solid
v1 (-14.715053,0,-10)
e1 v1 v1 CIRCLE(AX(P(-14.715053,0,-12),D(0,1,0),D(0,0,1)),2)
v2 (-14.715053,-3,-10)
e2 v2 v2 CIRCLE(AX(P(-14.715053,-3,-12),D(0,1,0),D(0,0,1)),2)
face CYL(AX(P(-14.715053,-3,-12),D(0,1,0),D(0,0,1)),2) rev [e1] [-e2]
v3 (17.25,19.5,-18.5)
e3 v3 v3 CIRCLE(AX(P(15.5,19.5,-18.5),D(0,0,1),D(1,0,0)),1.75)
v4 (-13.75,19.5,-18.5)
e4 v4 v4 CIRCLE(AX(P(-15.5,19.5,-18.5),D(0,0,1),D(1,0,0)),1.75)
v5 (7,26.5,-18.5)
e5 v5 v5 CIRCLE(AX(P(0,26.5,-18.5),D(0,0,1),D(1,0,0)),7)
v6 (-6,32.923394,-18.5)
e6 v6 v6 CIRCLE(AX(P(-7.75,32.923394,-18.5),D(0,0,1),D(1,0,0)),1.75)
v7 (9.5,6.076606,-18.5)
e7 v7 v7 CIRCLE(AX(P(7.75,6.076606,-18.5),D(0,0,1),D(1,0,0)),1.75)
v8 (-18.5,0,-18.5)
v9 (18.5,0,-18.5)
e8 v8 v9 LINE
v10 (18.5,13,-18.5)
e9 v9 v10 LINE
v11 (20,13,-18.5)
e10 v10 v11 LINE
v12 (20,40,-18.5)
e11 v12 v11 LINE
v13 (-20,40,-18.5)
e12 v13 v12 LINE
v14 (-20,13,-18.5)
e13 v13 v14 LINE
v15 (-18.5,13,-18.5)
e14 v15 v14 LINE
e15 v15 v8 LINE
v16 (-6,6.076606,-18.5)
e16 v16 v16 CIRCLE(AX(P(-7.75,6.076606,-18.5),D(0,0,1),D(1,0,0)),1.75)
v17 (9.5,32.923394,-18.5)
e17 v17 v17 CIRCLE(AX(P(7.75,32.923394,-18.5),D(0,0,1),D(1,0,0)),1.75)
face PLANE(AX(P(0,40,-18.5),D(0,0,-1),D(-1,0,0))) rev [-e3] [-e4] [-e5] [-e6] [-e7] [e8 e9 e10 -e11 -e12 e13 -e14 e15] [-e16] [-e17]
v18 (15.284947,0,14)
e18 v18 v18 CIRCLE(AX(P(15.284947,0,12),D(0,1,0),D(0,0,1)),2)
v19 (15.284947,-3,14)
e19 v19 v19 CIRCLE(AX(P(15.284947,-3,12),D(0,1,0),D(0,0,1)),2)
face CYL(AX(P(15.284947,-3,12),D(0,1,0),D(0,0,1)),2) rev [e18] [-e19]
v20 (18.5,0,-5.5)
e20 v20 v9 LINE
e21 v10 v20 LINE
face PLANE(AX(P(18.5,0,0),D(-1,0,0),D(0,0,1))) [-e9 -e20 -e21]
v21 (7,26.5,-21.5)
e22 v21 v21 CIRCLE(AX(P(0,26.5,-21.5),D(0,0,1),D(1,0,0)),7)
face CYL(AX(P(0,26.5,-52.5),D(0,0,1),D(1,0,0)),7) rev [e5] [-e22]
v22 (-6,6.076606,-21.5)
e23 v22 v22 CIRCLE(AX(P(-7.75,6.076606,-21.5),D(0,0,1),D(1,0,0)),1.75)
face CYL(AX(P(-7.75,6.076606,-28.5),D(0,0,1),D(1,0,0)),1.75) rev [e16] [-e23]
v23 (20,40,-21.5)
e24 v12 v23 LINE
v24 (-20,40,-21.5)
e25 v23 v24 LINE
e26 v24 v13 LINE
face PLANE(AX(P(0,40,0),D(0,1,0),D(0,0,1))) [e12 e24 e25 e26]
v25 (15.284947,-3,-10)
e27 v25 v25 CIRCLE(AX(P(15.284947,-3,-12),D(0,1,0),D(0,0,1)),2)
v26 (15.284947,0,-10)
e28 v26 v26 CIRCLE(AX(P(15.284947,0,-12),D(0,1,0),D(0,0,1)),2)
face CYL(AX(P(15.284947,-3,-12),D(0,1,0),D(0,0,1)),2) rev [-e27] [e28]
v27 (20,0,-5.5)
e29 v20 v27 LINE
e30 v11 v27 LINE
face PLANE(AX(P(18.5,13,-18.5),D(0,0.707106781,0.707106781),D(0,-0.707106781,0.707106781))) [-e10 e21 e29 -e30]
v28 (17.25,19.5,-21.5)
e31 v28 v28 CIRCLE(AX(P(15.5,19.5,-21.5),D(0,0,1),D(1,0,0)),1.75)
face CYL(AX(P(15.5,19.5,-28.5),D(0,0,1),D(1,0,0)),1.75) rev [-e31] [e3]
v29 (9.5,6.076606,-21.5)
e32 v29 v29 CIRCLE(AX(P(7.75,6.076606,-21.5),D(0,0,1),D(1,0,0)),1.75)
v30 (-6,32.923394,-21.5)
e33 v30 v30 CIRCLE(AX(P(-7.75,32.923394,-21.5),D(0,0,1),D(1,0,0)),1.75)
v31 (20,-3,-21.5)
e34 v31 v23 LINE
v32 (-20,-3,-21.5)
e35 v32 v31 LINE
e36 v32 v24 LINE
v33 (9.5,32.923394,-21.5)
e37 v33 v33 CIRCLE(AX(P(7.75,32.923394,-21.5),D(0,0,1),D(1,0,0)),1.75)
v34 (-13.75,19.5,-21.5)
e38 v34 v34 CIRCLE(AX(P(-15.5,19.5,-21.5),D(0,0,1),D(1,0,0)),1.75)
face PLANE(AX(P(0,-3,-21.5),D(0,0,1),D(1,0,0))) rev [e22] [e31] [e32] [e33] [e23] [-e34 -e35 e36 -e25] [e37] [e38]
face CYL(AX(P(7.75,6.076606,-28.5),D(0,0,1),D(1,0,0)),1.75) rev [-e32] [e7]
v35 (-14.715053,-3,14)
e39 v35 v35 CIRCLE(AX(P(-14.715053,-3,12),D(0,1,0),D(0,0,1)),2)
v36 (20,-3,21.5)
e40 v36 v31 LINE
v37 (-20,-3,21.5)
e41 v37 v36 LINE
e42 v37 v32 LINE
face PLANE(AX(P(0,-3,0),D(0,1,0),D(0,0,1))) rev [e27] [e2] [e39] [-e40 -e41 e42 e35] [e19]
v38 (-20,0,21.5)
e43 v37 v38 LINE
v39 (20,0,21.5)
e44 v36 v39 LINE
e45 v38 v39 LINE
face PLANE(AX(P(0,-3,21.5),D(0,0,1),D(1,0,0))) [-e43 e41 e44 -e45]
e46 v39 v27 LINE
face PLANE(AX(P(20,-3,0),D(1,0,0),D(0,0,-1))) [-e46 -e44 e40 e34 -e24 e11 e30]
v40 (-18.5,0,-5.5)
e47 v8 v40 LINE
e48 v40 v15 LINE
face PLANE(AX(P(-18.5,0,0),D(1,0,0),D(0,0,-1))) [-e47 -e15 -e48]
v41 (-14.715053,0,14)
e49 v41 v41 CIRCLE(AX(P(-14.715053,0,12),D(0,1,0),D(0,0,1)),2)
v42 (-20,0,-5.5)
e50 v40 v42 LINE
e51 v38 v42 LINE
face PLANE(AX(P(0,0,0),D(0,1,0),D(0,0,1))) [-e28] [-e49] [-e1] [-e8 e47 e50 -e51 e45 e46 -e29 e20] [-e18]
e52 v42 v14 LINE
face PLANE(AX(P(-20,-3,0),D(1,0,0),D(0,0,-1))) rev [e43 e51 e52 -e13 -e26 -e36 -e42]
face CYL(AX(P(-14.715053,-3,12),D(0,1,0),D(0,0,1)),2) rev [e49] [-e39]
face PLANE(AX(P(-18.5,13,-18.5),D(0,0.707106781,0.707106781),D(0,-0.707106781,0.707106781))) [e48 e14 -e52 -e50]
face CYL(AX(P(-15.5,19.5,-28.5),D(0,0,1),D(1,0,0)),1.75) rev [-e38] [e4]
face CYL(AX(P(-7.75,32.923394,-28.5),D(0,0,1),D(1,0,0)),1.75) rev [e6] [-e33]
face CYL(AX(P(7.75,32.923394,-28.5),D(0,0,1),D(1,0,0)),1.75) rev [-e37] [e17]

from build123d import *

# Parameters (mm, degrees)
SKETCH1_W           = 40
SKETCH1_H           = 43
SKETCH1_R           = 2
BOSS_EXTRUDE1_DEPTH = 3
SKETCH4_W           = 40
SKETCH4_H           = 3
BOSS_EXTRUDE2_DEPTH = 40
SKETCH5_R           = 7
CUT_EXTRUDE5_DEPTH  = 34
SKETCH8_R           = 1.75
CUT_EXTRUDE6_DEPTH  = 10
BOSS_EXTRUDE3_DEPTH = 1.5
BOSS_EXTRUDE4_DEPTH = 1.5


with BuildPart() as part:
    # Sketch1 → Boss-Extrude1 (new body)
    with BuildSketch(Plane(origin=(0, 0, 0), x_dir=(1, 0, 0), z_dir=(0, 1, 0))):
        Rectangle(SKETCH1_W, SKETCH1_H)
        with Locations(Location((-14.715053003, 12, 0), (0, 0, 270))):
            Circle(SKETCH1_R, mode=Mode.SUBTRACT)
        with Locations(Location((15.284946997, 12, 0), (0, 0, 270))):
            Circle(SKETCH1_R, mode=Mode.SUBTRACT)
        with Locations(Location((-14.715053003, -12, 0), (0, 0, 270))):
            Circle(SKETCH1_R, mode=Mode.SUBTRACT)
        with Locations(Location((15.284946997, -12, 0), (0, 0, 270))):
            Circle(SKETCH1_R, mode=Mode.SUBTRACT)
    extrude(amount=-BOSS_EXTRUDE1_DEPTH)

    # Sketch4 → Boss-Extrude2 (add)
    with BuildSketch(Plane(origin=(0, 0, 0), x_dir=(1, 0, 0), z_dir=(0, 1, 0))):
        with Locations((0, 20)):
            Rectangle(SKETCH4_W, SKETCH4_H)
    extrude(amount=BOSS_EXTRUDE2_DEPTH)

    # Sketch5 → Cut-Extrude5 (cut)
    with BuildSketch(Plane.XY.offset(-18.5)):
        with Locations((0, 26.5)):
            Circle(SKETCH5_R)
    extrude(amount=-CUT_EXTRUDE5_DEPTH, mode=Mode.SUBTRACT)

    # Sketch8 → Cut-Extrude6 (cut)
    with BuildSketch(Plane.XY.offset(-18.5)):
        with Locations((-15.5, 19.5)):
            Circle(SKETCH8_R)
        with Locations((-7.75, 32.923393759)):
            Circle(SKETCH8_R)
        with Locations((7.75, 32.923393759)):
            Circle(SKETCH8_R)
        with Locations((15.5, 19.5)):
            Circle(SKETCH8_R)
        with Locations((7.75, 6.076606241)):
            Circle(SKETCH8_R)
        with Locations((-7.75, 6.076606241)):
            Circle(SKETCH8_R)
    extrude(amount=-CUT_EXTRUDE6_DEPTH, mode=Mode.SUBTRACT)

    # Sketch9 → Boss-Extrude3 (add)
    with BuildSketch(Plane(origin=(20, 0, 0), x_dir=(0, 0, -1), z_dir=(1, 0, 0))):
        Polygon((18.5, 0), (18.5, 13), (5.5, 0), align=None)
    extrude(amount=-BOSS_EXTRUDE3_DEPTH)

    # Sketch10 → Boss-Extrude4 (add)
    with BuildSketch(Plane.ZY.offset(20)):
        Polygon((-18.5, 0), (-18.5, 13), (-5.5, 0), align=None)
    extrude(amount=-BOSS_EXTRUDE4_DEPTH)


solid = part.part
